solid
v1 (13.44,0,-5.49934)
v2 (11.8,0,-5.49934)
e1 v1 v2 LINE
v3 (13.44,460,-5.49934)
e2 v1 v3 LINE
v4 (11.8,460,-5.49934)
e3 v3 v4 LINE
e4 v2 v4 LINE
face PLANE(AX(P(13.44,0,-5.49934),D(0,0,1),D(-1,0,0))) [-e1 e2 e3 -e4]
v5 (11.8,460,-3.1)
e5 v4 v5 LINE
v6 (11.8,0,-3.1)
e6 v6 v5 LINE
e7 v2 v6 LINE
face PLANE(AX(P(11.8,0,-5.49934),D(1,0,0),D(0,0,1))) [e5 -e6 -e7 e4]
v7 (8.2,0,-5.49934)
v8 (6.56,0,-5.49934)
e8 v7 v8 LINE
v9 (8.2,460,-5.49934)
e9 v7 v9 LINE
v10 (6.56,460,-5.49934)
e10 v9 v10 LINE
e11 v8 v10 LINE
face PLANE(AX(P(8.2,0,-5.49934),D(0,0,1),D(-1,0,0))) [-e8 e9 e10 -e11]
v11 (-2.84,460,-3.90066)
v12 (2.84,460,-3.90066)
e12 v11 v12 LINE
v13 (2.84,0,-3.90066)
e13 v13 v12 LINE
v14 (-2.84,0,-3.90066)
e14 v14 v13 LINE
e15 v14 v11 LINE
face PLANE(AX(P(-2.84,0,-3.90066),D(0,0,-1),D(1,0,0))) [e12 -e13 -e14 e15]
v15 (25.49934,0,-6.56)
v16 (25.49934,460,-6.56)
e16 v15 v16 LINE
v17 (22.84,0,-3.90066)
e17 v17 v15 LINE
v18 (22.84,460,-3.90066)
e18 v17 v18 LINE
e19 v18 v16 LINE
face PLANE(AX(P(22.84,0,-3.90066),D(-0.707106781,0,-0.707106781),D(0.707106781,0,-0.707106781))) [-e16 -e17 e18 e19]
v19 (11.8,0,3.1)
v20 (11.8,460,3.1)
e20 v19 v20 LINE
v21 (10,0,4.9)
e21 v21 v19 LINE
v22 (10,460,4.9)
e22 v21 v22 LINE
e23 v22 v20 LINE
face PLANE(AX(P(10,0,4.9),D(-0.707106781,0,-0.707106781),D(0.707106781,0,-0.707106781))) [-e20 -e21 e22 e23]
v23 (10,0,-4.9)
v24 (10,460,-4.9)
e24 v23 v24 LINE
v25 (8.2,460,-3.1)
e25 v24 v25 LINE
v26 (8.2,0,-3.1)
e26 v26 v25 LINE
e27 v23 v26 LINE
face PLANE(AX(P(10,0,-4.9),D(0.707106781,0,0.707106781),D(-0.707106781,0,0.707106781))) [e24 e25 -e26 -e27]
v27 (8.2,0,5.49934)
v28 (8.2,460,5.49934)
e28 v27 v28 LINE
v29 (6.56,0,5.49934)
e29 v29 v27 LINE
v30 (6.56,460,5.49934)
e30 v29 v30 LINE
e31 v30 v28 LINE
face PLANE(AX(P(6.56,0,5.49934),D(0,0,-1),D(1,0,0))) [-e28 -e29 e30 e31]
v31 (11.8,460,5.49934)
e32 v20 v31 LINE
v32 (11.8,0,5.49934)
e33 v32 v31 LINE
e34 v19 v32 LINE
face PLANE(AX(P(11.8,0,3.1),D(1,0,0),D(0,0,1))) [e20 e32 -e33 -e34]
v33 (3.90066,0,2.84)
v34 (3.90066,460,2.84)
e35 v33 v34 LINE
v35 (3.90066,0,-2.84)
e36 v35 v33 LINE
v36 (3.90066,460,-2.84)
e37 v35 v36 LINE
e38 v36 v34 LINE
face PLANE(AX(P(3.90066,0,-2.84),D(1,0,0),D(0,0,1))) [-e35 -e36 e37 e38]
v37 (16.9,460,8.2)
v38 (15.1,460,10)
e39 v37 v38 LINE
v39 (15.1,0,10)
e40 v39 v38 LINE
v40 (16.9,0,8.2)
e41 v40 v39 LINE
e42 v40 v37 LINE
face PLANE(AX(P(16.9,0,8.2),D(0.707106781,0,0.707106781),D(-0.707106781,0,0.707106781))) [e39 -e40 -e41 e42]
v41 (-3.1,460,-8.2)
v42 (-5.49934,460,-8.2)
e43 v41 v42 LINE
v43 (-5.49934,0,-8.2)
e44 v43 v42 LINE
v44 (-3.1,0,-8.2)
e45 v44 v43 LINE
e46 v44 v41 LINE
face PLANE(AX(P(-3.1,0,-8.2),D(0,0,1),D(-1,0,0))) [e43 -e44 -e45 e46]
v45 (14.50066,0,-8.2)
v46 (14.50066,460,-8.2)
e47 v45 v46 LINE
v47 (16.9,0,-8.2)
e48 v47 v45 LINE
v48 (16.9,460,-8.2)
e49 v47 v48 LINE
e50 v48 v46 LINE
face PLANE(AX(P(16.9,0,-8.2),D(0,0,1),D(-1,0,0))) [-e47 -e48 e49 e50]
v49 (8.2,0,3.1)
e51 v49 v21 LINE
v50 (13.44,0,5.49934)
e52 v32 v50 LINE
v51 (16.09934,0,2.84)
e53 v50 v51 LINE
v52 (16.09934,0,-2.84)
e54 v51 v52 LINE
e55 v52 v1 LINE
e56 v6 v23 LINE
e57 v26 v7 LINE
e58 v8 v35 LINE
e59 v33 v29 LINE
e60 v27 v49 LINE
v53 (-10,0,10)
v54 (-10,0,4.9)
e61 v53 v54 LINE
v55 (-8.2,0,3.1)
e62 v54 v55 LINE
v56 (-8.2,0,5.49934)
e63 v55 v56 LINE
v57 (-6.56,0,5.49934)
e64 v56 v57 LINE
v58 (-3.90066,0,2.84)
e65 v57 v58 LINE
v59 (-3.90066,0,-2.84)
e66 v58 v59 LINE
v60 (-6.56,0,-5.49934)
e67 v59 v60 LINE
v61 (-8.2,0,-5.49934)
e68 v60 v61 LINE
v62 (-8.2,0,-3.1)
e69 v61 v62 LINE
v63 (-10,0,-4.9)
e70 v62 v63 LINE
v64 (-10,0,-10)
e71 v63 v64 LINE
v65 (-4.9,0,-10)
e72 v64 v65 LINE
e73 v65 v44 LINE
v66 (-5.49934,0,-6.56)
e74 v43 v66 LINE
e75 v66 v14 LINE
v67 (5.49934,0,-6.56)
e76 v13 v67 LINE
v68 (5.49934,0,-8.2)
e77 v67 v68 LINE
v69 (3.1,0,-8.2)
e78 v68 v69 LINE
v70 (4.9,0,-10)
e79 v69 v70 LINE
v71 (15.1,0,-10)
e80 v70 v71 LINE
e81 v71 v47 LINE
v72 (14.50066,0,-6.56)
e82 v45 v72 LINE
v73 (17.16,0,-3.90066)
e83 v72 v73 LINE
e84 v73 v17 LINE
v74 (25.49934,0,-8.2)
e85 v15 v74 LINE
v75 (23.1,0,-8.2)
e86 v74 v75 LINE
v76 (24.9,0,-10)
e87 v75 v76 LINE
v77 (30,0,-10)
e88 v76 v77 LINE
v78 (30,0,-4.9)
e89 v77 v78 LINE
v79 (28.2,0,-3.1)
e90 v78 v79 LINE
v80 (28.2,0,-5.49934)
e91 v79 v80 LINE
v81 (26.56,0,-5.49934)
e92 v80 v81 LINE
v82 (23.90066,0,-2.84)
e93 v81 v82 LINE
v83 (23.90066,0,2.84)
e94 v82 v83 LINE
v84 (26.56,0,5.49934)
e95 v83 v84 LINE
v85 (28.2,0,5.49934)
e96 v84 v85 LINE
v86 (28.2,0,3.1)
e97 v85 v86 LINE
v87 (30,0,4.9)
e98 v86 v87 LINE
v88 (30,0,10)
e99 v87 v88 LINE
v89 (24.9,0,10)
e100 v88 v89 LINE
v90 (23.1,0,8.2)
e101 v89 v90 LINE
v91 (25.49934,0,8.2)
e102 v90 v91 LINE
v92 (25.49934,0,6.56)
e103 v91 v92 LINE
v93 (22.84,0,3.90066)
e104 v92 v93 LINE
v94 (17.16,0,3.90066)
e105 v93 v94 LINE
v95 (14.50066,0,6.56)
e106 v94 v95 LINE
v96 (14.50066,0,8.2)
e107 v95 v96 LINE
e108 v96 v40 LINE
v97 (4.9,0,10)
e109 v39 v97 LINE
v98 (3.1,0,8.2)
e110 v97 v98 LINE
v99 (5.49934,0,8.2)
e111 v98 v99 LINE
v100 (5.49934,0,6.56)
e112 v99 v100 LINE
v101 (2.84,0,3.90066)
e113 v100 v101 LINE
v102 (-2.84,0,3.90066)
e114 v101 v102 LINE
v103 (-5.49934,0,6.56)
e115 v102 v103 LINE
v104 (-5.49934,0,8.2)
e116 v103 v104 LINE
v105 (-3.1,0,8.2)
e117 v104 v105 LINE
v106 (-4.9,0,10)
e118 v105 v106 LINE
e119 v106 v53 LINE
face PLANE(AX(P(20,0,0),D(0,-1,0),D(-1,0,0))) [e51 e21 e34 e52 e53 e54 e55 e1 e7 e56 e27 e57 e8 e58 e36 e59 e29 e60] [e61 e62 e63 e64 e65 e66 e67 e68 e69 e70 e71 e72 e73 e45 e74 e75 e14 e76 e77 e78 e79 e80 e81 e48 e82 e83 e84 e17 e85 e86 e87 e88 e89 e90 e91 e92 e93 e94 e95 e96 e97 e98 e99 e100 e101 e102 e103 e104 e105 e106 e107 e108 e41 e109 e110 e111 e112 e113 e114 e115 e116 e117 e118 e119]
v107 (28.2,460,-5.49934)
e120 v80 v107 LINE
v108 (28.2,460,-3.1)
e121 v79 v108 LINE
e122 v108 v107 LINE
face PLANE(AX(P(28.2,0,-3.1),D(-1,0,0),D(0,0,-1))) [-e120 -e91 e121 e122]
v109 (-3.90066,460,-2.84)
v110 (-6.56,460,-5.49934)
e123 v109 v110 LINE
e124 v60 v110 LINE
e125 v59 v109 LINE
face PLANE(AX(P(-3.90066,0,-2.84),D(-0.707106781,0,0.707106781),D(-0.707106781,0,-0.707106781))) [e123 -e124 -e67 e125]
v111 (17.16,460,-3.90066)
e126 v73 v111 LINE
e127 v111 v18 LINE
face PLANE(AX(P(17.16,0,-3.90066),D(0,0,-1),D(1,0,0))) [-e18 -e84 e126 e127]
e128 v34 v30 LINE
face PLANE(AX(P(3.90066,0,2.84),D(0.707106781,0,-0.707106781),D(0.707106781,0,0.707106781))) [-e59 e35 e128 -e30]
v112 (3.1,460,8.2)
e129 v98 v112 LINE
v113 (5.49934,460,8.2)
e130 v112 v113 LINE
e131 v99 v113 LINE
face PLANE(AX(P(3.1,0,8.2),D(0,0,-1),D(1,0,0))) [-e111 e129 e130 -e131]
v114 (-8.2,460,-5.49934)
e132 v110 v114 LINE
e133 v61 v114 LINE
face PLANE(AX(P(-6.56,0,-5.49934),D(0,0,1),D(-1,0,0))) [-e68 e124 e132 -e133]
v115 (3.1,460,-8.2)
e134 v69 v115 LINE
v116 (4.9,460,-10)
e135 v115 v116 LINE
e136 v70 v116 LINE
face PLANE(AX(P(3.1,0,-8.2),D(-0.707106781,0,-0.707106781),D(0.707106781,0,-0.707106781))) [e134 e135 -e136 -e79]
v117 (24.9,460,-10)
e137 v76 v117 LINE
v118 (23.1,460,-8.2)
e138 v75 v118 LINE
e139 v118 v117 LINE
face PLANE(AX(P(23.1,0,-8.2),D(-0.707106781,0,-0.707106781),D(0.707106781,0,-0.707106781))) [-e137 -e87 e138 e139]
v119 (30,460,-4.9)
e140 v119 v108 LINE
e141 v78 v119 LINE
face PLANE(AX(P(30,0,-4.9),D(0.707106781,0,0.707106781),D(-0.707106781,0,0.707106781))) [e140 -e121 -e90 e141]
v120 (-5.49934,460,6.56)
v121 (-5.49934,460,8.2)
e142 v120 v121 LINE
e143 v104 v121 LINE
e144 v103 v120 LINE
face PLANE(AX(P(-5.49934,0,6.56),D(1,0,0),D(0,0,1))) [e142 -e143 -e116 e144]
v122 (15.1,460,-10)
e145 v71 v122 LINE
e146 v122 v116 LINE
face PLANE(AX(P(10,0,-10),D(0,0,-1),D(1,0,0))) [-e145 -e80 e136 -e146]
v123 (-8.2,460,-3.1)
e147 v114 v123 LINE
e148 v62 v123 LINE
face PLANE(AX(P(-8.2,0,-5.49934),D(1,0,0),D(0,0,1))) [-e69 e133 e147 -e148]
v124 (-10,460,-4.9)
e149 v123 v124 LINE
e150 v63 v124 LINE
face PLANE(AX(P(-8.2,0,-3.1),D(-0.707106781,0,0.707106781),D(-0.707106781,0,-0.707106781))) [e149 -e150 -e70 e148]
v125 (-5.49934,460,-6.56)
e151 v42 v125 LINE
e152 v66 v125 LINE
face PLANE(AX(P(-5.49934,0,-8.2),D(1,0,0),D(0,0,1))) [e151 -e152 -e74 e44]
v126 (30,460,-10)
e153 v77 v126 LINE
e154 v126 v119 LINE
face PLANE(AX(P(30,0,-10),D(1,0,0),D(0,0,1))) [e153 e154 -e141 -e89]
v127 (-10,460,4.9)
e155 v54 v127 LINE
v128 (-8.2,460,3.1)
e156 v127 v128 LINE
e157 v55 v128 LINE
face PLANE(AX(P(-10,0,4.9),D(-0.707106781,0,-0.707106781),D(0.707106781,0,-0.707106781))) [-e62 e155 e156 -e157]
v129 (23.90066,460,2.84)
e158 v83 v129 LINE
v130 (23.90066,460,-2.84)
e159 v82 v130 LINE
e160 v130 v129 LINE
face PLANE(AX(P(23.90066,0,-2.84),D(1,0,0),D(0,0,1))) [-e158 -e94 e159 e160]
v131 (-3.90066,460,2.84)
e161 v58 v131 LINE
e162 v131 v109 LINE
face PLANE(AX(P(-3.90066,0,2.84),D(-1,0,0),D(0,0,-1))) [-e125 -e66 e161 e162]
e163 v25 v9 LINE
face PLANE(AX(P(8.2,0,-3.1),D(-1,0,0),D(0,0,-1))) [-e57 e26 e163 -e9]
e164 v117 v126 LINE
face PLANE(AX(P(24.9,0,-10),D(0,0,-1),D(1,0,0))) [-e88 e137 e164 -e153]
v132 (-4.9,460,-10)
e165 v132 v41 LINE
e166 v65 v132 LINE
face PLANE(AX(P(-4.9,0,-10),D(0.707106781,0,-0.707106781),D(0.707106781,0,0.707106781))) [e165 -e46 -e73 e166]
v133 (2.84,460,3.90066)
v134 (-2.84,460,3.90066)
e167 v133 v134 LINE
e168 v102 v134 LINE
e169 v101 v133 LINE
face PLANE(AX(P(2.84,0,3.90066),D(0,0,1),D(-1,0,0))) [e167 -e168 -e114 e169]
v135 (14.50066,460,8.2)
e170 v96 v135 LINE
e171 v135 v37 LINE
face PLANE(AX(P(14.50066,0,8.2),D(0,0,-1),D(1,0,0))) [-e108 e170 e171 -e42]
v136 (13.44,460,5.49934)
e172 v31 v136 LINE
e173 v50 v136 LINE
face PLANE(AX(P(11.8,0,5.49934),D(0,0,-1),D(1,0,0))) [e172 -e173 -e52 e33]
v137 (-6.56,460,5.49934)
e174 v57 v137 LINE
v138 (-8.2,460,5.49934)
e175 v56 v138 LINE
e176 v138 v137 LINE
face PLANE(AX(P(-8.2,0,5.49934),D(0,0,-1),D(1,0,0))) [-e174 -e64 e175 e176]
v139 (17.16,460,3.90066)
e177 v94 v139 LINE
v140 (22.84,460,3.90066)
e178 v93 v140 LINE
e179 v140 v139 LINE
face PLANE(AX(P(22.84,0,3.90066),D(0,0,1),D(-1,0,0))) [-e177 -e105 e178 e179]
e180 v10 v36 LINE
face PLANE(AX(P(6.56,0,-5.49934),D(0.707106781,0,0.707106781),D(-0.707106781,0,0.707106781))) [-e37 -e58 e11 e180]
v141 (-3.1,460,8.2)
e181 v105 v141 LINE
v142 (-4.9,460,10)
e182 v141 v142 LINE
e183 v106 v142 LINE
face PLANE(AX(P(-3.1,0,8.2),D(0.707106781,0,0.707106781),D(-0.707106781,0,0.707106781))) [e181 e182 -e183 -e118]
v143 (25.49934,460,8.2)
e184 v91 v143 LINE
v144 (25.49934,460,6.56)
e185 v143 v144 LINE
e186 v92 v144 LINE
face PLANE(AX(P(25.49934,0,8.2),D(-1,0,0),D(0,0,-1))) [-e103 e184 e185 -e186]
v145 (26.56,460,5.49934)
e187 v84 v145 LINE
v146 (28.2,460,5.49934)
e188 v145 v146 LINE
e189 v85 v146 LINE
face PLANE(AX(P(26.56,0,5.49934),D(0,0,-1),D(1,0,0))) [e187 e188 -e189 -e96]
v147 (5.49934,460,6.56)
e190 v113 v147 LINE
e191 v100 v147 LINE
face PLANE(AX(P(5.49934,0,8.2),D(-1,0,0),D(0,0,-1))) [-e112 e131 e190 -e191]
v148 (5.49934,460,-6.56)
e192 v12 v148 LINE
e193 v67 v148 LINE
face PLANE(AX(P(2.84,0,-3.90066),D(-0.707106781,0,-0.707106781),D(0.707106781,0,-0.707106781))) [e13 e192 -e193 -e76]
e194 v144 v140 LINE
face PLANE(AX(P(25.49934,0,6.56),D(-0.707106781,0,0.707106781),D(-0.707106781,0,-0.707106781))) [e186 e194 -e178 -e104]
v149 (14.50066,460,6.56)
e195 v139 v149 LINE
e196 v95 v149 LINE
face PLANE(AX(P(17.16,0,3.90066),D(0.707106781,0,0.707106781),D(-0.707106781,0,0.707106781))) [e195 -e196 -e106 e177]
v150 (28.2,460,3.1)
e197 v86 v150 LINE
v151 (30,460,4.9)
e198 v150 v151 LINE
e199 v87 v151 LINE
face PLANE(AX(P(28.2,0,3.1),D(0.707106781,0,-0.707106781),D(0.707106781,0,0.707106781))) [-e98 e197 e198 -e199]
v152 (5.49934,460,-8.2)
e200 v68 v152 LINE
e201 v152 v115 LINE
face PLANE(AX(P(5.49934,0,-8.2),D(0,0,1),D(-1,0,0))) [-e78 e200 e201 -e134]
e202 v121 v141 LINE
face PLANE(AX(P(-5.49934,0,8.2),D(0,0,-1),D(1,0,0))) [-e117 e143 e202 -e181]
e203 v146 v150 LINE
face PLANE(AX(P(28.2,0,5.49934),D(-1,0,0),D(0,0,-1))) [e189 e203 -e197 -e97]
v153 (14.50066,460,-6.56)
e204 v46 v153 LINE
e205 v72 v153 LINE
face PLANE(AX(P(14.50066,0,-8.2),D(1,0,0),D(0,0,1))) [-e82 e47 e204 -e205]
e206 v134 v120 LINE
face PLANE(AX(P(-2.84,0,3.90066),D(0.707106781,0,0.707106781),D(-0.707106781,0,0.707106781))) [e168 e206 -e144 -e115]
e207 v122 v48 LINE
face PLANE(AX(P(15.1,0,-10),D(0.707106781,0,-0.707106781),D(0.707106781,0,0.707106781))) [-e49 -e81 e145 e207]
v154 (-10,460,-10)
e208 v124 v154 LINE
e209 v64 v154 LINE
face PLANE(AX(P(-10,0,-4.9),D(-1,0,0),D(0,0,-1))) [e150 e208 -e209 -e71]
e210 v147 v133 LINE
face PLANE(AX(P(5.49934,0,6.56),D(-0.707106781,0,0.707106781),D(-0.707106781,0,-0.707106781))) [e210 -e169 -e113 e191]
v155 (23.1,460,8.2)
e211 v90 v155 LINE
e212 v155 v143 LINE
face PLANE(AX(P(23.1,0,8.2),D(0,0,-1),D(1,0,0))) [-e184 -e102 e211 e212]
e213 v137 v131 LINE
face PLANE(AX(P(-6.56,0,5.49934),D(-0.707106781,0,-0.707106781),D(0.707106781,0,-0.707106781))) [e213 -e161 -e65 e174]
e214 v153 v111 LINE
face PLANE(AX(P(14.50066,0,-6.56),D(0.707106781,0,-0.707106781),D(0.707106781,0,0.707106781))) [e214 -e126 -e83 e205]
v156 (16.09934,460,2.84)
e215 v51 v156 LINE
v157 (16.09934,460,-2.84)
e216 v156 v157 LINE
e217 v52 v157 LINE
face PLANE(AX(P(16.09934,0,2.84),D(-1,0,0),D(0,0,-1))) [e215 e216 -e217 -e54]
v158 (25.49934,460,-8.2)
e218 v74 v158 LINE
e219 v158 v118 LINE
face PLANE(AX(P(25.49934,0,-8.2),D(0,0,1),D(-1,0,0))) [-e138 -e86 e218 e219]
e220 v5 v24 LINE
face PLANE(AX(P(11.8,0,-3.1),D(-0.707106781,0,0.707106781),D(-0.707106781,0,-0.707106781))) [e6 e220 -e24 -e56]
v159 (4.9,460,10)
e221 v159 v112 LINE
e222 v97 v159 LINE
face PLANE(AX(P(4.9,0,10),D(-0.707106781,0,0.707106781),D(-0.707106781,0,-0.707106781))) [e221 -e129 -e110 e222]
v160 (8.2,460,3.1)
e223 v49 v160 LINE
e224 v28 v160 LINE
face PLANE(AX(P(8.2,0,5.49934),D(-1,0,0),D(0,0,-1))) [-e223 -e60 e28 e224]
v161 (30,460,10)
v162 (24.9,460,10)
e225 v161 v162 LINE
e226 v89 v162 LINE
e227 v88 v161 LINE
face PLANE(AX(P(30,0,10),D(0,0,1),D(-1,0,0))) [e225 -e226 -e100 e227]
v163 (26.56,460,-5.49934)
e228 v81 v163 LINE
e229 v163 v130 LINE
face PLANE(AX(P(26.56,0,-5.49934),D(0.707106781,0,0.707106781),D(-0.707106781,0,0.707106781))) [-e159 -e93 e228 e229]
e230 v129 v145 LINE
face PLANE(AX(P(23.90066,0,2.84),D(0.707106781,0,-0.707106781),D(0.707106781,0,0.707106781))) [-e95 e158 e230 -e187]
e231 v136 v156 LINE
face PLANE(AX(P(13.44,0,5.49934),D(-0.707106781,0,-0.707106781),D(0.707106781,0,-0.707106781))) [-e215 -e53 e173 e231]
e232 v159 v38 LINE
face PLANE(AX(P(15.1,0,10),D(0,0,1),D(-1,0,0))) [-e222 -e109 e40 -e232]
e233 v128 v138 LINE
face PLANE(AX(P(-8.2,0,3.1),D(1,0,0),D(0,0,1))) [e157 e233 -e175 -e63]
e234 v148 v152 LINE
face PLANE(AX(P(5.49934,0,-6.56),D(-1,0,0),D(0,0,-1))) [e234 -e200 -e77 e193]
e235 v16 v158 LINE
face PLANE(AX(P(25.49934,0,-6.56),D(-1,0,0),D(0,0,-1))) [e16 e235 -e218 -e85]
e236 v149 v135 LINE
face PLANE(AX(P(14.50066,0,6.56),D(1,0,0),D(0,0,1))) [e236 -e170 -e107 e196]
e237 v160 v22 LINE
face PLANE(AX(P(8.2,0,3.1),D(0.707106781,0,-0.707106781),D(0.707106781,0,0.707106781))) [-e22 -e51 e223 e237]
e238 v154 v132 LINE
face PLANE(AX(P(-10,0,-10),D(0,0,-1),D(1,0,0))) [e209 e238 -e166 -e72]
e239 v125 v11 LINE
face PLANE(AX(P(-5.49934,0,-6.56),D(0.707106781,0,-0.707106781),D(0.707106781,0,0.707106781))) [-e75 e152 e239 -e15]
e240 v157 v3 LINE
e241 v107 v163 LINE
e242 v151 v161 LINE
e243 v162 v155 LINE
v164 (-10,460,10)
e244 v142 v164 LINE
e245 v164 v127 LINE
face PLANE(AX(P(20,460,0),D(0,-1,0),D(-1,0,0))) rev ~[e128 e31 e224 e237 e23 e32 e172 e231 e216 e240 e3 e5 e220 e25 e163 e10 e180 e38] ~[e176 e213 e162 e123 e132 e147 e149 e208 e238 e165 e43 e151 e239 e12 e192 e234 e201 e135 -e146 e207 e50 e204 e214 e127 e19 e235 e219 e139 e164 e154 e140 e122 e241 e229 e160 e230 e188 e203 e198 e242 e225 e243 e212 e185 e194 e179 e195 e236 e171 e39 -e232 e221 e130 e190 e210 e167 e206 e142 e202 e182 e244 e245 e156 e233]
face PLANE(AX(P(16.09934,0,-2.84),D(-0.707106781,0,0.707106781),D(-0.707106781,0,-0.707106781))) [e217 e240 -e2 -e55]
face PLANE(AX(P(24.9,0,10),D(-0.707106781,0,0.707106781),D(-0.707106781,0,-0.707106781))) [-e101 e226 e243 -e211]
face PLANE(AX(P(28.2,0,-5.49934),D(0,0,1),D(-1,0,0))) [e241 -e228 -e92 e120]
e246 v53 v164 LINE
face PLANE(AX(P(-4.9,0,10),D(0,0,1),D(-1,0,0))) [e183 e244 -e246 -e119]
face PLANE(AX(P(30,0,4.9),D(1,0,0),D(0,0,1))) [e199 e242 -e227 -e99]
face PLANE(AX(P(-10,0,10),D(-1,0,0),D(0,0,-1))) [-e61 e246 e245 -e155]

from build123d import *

# Parameters (mm, degrees)
BOSS_EXTRUDE1_DEPTH = 460
LPATTERN1_COUNT     = 2
LPATTERN1_PITCH     = 20


with BuildPart() as part:
    # Sketch1 → Boss-Extrude1 (new body)
    with BuildSketch(Plane(origin=(0, 0, 0), x_dir=(1, 0, 0), z_dir=(0, 1, 0))):
        Polygon((2.84, -3.900660172), (-2.84, -3.900660172), (-5.499339828, -6.56), (-5.499339828, -8.2), (-3.1, -8.2), (-4.9, -10), (-10, -10), (-10, -4.9), (-8.2, -3.1), (-8.2, -5.499339828), (-6.56, -5.499339828), (-3.900660172, -2.84), (-3.900660172, 2.84), (-6.56, 5.499339828), (-8.2, 5.499339828), (-8.2, 3.1), (-10, 4.9), (-10, 10), (-4.9, 10), (-3.1, 8.2), (-5.499339828, 8.2), (-5.499339828, 6.56), (-2.84, 3.900660172), (2.84, 3.900660172), (5.499339828, 6.56), (5.499339828, 8.2), (3.1, 8.2), (4.9, 10), (10, 10), (10, 4.9), (8.2, 3.1), (8.2, 5.499339828), (6.56, 5.499339828), (3.900660172, 2.84), (3.900660172, -2.84), (6.56, -5.499339828), (8.2, -5.499339828), (8.2, -3.1), (10, -4.9), (10, -10), (4.9, -10), (3.1, -8.2), (5.499339828, -8.2), (5.499339828, -6.56), align=None)
    boss_extrude1 = extrude(amount=BOSS_EXTRUDE1_DEPTH)

    # LPattern1: Boss-Extrude1 ×2
    with Locations(*[(i * LPATTERN1_PITCH, 0, 0) for i in range(1, LPATTERN1_COUNT)]):
        add(boss_extrude1)


solid = part.part
